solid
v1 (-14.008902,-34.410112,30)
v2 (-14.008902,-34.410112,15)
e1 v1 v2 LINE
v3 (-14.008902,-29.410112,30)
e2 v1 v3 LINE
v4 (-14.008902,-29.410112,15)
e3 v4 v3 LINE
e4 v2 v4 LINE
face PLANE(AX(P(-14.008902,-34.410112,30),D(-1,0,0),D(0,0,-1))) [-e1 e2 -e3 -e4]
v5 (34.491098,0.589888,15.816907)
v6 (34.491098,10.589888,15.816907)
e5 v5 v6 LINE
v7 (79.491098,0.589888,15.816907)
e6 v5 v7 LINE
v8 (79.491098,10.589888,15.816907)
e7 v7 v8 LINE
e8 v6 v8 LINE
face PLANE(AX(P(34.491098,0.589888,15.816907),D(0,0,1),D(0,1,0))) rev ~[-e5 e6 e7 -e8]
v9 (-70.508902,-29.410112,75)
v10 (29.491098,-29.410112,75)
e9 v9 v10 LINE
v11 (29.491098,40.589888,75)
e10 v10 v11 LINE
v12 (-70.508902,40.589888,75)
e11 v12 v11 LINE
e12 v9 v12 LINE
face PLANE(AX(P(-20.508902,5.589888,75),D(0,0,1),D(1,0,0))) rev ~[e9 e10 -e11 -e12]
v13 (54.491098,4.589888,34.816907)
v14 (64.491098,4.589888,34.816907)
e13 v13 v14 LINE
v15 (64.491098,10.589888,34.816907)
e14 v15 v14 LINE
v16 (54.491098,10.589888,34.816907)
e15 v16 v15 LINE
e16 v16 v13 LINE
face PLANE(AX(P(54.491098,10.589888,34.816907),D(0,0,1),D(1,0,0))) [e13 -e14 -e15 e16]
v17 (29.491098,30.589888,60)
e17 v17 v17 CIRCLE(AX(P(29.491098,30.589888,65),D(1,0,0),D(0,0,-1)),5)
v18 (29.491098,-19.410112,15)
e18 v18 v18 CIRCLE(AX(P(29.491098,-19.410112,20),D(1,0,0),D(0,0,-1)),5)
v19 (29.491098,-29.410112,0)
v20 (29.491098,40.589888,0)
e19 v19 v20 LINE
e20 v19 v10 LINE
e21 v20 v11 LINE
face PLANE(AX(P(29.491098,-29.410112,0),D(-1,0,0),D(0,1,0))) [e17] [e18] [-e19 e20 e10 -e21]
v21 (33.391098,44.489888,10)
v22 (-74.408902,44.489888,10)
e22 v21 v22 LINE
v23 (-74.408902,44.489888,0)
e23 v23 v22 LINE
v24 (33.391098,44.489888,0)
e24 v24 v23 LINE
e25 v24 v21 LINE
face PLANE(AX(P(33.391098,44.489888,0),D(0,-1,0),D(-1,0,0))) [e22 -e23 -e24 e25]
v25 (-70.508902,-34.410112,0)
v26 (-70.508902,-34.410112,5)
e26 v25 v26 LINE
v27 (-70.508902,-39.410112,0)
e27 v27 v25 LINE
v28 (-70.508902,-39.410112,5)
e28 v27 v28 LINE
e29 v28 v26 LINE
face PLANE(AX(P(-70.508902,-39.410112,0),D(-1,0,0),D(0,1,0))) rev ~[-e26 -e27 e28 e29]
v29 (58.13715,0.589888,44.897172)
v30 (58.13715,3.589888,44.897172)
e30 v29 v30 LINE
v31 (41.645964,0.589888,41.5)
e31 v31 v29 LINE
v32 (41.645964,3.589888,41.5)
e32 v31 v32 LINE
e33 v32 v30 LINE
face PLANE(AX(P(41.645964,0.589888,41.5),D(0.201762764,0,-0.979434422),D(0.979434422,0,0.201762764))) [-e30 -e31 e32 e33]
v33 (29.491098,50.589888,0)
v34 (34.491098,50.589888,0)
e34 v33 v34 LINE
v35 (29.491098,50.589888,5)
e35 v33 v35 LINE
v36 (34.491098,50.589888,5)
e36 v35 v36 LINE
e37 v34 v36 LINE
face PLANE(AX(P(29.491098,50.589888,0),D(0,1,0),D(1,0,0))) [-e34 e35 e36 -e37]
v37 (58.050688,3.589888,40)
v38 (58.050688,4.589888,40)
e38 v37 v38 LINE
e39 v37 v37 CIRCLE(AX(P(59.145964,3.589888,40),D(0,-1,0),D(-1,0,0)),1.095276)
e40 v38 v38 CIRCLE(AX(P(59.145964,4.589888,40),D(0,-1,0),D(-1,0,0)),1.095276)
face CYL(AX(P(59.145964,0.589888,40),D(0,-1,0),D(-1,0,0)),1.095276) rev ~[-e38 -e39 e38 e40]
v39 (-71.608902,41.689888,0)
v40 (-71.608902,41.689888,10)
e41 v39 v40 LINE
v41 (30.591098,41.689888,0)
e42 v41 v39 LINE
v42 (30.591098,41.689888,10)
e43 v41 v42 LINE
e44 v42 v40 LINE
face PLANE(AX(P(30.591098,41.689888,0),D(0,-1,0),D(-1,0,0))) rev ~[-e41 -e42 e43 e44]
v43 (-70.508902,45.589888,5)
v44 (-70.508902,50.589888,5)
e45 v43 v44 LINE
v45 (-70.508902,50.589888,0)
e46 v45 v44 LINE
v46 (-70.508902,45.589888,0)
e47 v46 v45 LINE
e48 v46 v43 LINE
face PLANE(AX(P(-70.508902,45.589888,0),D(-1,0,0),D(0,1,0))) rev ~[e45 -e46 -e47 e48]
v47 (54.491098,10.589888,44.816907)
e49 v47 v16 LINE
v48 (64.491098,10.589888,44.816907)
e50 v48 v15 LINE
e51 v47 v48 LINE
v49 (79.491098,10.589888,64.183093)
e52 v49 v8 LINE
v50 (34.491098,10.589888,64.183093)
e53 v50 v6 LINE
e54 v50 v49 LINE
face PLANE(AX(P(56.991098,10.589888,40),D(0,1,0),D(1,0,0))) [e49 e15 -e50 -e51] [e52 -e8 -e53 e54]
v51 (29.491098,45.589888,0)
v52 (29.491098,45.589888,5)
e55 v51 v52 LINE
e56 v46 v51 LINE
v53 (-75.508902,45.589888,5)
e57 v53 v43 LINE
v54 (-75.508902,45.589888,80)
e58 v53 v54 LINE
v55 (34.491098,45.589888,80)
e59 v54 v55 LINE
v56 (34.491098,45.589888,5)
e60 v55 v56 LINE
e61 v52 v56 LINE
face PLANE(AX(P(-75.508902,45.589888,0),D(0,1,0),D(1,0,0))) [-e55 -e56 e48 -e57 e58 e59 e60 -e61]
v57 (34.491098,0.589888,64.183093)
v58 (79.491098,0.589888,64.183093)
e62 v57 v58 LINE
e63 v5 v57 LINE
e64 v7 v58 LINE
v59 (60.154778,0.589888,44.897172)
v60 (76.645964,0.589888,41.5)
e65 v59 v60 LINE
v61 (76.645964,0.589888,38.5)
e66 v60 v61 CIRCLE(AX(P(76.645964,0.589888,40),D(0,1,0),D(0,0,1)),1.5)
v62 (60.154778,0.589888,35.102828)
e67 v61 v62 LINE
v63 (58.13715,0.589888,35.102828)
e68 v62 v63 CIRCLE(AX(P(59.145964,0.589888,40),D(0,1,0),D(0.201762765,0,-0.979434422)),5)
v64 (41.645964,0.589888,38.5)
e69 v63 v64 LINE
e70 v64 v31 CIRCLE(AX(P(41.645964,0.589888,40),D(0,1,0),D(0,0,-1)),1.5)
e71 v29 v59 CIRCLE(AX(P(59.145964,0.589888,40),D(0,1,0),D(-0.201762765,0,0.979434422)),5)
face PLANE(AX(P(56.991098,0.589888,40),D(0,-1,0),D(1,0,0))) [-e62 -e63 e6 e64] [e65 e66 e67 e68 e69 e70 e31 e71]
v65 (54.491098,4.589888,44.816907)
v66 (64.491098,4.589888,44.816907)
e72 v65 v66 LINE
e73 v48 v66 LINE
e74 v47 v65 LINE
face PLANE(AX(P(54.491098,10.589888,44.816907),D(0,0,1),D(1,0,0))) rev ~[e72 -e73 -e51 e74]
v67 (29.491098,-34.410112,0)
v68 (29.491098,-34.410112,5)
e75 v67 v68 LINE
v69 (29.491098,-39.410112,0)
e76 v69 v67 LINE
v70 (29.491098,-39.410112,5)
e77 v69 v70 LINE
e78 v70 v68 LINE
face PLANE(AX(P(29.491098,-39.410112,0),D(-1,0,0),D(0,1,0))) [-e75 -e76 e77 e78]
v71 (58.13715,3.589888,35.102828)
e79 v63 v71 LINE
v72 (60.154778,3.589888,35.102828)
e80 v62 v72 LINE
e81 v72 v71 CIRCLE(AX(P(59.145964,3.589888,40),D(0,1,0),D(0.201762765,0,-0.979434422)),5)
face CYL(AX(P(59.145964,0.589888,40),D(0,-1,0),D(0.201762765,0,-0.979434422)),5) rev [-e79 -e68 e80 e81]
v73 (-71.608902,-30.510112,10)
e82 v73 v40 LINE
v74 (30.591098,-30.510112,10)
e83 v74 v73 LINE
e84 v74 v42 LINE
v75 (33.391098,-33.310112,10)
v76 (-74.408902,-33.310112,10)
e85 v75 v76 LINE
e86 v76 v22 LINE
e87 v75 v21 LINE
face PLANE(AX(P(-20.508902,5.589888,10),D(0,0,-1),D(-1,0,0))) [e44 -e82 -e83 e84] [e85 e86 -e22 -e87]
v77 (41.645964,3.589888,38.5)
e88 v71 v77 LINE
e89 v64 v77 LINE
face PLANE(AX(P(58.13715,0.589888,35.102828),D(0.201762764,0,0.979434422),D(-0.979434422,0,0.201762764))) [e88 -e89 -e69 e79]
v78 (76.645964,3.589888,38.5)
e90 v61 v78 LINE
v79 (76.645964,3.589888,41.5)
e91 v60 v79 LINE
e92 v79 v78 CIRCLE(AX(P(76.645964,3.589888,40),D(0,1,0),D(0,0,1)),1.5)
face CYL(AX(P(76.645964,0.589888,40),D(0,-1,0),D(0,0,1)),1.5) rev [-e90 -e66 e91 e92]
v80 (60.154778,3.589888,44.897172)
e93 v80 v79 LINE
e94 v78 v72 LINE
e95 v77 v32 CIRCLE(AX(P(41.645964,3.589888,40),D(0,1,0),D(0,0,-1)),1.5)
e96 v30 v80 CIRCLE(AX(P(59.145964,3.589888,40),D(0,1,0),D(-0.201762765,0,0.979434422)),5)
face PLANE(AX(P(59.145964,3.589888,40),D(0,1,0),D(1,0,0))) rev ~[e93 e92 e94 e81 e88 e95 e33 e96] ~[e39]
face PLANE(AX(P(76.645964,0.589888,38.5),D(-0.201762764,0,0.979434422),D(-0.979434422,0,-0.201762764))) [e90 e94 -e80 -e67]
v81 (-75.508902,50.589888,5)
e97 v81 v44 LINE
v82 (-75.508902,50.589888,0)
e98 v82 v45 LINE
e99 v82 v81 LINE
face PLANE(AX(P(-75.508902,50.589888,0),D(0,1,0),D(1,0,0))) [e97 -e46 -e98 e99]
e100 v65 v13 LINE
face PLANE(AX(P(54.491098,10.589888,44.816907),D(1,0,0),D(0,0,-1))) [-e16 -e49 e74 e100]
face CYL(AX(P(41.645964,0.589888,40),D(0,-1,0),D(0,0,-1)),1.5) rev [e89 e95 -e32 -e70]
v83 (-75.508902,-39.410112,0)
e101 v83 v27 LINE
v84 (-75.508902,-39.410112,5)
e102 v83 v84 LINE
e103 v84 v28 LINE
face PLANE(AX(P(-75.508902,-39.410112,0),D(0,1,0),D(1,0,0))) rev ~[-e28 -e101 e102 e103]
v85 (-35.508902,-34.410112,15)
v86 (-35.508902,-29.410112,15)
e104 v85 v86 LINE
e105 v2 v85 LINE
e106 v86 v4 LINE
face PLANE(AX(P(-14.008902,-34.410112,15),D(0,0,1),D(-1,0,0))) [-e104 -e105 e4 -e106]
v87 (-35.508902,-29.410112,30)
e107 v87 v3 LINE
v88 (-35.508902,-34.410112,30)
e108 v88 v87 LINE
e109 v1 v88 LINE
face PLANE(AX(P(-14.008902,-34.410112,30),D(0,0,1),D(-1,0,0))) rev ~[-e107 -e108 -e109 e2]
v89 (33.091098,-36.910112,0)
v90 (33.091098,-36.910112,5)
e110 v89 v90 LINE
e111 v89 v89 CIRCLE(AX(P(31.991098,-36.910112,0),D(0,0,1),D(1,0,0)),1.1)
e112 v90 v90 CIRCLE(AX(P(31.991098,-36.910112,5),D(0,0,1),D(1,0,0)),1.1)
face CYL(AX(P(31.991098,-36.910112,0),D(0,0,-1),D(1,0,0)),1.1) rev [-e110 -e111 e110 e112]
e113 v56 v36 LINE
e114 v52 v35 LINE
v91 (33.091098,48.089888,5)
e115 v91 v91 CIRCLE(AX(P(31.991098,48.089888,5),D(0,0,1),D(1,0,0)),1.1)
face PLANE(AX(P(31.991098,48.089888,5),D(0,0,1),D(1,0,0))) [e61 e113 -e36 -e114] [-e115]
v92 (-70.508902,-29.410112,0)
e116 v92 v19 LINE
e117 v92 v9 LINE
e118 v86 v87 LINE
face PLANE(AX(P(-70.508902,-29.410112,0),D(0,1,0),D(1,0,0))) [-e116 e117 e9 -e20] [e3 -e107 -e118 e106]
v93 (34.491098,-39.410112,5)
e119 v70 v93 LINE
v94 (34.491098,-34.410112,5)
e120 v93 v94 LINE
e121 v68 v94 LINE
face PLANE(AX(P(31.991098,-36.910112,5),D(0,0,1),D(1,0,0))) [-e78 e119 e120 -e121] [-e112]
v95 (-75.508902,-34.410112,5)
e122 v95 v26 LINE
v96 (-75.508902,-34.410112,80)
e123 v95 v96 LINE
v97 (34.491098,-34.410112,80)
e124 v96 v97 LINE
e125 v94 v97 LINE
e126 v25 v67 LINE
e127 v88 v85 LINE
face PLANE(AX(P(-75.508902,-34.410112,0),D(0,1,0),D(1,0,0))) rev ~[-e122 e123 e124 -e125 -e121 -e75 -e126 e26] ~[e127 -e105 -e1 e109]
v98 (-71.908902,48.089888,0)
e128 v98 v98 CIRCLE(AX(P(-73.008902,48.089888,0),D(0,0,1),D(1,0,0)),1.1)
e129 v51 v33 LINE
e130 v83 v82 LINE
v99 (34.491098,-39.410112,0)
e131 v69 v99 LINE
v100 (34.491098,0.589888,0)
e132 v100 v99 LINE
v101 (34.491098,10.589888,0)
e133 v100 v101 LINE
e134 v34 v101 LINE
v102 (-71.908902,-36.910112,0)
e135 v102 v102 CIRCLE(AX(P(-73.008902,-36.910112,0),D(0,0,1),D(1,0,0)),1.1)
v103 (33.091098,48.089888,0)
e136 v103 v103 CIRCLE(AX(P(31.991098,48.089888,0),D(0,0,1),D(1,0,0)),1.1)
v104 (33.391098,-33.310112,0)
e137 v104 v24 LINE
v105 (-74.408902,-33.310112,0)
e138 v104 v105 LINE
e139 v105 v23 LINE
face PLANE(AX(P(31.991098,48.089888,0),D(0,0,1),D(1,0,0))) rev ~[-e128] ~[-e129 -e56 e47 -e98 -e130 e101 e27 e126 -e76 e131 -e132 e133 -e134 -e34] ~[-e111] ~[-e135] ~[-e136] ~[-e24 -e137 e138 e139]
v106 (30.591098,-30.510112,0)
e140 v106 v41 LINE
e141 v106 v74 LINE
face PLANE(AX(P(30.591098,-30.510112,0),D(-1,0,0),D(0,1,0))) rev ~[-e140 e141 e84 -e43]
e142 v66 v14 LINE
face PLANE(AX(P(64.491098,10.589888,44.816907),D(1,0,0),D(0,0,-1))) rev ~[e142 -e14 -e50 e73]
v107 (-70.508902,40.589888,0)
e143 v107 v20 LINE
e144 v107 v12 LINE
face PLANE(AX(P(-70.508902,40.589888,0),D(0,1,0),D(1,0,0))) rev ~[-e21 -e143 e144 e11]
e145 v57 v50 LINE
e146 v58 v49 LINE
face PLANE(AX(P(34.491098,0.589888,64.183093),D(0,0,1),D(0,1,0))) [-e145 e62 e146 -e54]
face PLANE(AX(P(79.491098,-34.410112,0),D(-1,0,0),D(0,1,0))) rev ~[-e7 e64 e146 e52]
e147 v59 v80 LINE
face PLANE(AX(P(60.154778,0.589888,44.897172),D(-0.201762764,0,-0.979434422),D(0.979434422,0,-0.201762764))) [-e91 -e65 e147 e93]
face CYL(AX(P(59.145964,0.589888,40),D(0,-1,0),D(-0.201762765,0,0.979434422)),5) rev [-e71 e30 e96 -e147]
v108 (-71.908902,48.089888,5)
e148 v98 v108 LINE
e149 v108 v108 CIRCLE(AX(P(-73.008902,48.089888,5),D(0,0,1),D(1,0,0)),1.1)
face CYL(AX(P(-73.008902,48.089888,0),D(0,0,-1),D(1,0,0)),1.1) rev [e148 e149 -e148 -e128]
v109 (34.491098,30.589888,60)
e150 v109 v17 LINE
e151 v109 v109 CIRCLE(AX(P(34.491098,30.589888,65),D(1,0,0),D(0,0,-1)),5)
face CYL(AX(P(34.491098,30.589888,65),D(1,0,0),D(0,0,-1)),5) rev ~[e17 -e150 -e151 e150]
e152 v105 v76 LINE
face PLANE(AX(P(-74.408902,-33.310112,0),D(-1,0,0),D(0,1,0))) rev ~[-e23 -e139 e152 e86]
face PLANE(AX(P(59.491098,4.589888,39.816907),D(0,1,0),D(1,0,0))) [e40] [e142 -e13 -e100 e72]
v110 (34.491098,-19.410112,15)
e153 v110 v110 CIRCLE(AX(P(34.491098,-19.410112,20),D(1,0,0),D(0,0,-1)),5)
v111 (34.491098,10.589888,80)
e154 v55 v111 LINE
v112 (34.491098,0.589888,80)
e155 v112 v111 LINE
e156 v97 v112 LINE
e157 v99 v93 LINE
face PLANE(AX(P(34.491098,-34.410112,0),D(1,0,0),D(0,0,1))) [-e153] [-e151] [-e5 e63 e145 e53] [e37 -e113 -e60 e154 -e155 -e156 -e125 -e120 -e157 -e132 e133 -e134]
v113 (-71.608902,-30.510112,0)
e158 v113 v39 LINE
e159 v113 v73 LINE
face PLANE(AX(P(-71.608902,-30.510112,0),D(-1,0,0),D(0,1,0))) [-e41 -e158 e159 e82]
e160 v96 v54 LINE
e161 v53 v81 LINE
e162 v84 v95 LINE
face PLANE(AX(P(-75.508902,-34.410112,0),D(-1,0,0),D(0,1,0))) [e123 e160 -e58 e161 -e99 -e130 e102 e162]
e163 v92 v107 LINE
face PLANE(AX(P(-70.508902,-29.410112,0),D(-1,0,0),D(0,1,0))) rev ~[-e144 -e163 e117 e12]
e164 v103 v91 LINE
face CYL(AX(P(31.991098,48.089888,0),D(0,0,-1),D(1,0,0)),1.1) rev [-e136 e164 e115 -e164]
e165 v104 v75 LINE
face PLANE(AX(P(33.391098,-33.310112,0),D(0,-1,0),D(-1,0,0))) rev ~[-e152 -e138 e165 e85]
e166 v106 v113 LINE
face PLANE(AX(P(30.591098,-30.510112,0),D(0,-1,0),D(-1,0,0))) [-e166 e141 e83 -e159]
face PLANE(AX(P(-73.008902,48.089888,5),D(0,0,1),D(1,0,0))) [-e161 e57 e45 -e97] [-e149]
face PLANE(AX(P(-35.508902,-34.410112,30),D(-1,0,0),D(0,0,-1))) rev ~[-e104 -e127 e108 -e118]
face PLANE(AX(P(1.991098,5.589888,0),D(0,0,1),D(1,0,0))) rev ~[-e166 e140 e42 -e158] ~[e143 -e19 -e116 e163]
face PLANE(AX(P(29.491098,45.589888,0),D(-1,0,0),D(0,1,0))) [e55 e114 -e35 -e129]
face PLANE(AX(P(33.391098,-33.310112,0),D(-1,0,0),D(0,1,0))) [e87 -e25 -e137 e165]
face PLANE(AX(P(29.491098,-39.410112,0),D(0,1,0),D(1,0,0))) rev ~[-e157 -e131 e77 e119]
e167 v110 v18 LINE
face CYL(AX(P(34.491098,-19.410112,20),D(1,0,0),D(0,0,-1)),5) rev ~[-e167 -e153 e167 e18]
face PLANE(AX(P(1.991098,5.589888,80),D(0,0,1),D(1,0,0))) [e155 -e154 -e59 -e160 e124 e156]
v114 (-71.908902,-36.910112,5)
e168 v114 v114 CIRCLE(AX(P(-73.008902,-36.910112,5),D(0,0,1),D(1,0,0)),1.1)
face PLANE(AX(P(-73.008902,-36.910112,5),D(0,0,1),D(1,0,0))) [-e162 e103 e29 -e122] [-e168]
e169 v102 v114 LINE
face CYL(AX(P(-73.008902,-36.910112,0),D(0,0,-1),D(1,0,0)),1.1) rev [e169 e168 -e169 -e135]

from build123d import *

# Parameters (mm, degrees)
SKETCH_1_W           = 155
SKETCH_1_H           = 80
EXTRUDE_1_DEPTH      = 80
SKETCH_6_W           = 45
SKETCH_6_H           = 80
CUT_EXTRUDE_1_DEPTH  = 35
SKETCH_5_W           = 45
SKETCH_5_H           = 80
CUT_EXTRUDE_2_DEPTH  = 35
SKETCH_7_W           = 100
SKETCH_7_H           = 70
CUT_EXTRUDE_3_DEPTH  = 75
SKETCH_8_W           = 107.8
SKETCH_8_H           = 77.8
SKETCH_8_W_2         = 102.2
SKETCH_8_H_2         = 72.2
CUT_EXTRUDE_4_DEPTH  = 10
SKETCH_9_R           = 5
CUT_EXTRUDE_5_DEPTH  = 10
SKETCH_10_W          = 21.5
SKETCH_10_H          = 15
CUT_EXTRUDE_6_DEPTH  = 10
SKETCH_12_W          = 15.816906699
SKETCH_12_H          = 10
CUT_EXTRUDE_7_DEPTH  = 45
CUT_EXTRUDE_8_DEPTH  = 3
SKETCH_15_W          = 10
SKETCH_15_H          = 10
CUT_EXTRUDE_9_DEPTH  = 6
SKETCH_17_R          = 1.095275866
CUT_EXTRUDE_11_DEPTH = 7
SKETCH_18_W          = 5
SKETCH_18_H          = 5
SKETCH_18_R          = 1.1
EXTRUDE_2_DEPTH      = 5


with BuildPart() as part:
    # 草圖1 → 填料-伸長1 (new body)
    with BuildSketch(Plane.XY):
        with Locations((1.991097826, 5.58988764)):
            Rectangle(SKETCH_1_W, SKETCH_1_H)
    extrude(amount=EXTRUDE_1_DEPTH)

    # 草圖6 → 除料-伸長1 (cut)
    with BuildSketch(Plane(origin=(0, 45.58988764, 0), x_dir=(1, 0, 0), z_dir=(0, 1, 0))):
        with Locations((56.991097826, -40)):
            Rectangle(SKETCH_6_W, SKETCH_6_H)
    extrude(amount=-CUT_EXTRUDE_1_DEPTH, mode=Mode.SUBTRACT)

    # 草圖5 → 除料-伸長2 (cut)
    with BuildSketch(Plane.XZ.offset(34.41011236)):
        with Locations((56.991097826, 40)):
            Rectangle(SKETCH_5_W, SKETCH_5_H)
    extrude(amount=-CUT_EXTRUDE_2_DEPTH, mode=Mode.SUBTRACT)

    # 草圖7 → 除料-伸長3 (cut)
    with BuildSketch(Plane.XY):
        with Locations((-20.508902174, 5.58988764)):
            Rectangle(SKETCH_7_W, SKETCH_7_H)
    extrude(amount=CUT_EXTRUDE_3_DEPTH, mode=Mode.SUBTRACT)

    # 草圖8 → 除料-伸長4 (cut)
    with BuildSketch(Plane(origin=(0, 0, 0), x_dir=(-1, 0, 0), z_dir=(0, 0, -1))):
        with Locations((20.508902174, 5.58988764)):
            Rectangle(SKETCH_8_W, SKETCH_8_H)
        with Locations((20.508902174, 5.58988764)):
            Rectangle(SKETCH_8_W_2, SKETCH_8_H_2, mode=Mode.SUBTRACT)
    extrude(amount=-CUT_EXTRUDE_4_DEPTH, mode=Mode.SUBTRACT)

    # 草圖9 → 除料-伸長5 (cut)
    with BuildSketch(Plane(origin=(34.491097826, 0, 0), x_dir=(0, 0, -1), z_dir=(1, 0, 0))):
        with Locations((-65, 30.58988764)):
            Circle(SKETCH_9_R)
        with Locations((-20, -19.41011236)):
            Circle(SKETCH_9_R)
    extrude(amount=-CUT_EXTRUDE_5_DEPTH, mode=Mode.SUBTRACT)

    # 草圖10 → 除料-伸長6 (cut)
    with BuildSketch(Plane(origin=(0, -34.41011236, 0), x_dir=(-1, 0, 0), z_dir=(0, -1, 0))):
        with Locations((24.758902174, -22.5)):
            Rectangle(SKETCH_10_W, SKETCH_10_H)
    extrude(amount=-CUT_EXTRUDE_6_DEPTH, mode=Mode.SUBTRACT)

    # 草圖12 → 除料-伸長7 (cut)
    with BuildSketch(Plane(origin=(34.491097826, 0, 0), x_dir=(0, 0, -1), z_dir=(1, 0, 0))):
        with Locations((-72.09154665, 5.58988764)):
            Rectangle(SKETCH_12_W, SKETCH_12_H)
        with Locations((-7.90845335, 5.58988764)):
            Rectangle(SKETCH_12_W, SKETCH_12_H)
    extrude(amount=CUT_EXTRUDE_7_DEPTH, mode=Mode.SUBTRACT)

    # 草圖14 → 除料-伸長8 (cut)
    with BuildSketch(Plane(origin=(0, 0.58988764, 0), x_dir=(-1, 0, 0), z_dir=(0, -1, 0))):
        with BuildLine():
            Line((-58.137150435, -35.10282789), (-41.645964254, -38.5))
            ThreePointArc((-41.645964254, -38.5), (-40.145964254, -40), (-41.645964254, -41.5))
            Line((-41.645964254, -41.5), (-58.137150435, -44.89717211))
            ThreePointArc((-58.137150435, -44.89717211), (-59.145964254, -45), (-60.154778073, -44.89717211))
            Line((-60.154778073, -44.89717211), (-76.645964254, -41.5))
            ThreePointArc((-76.645964254, -41.5), (-78.145964254, -40), (-76.645964254, -38.5))
            Line((-76.645964254, -38.5), (-60.154778073, -35.10282789))
            ThreePointArc((-60.154778073, -35.10282789), (-59.145964254, -35), (-58.137150435, -35.10282789))
        make_face()
    extrude(amount=-CUT_EXTRUDE_8_DEPTH, mode=Mode.SUBTRACT)

    # 草圖15 → 除料-伸長9 (cut)
    with BuildSketch(Plane(origin=(0, 10.58988764, 0), x_dir=(1, 0, 0), z_dir=(0, 1, 0))):
        with Locations((59.491097826, -39.816906699)):
            Rectangle(SKETCH_15_W, SKETCH_15_H)
    extrude(amount=-CUT_EXTRUDE_9_DEPTH, mode=Mode.SUBTRACT)

    # 草圖17 → 除料-伸長11 (cut)
    with BuildSketch(Plane(origin=(0, 0.58988764, 0), x_dir=(-1, 0, 0), z_dir=(0, -1, 0))):
        with Locations((-59.145964254, -40)):
            Circle(SKETCH_17_R)
    extrude(amount=-CUT_EXTRUDE_11_DEPTH, mode=Mode.SUBTRACT)

    # 草圖18 → 填料-伸長2 (add)
    with BuildSketch(Plane.XY):
        with Locations((31.991097826, 48.08988764)):
            Rectangle(SKETCH_18_W, SKETCH_18_H)
        with Locations((31.991097826, 48.08988764)):
            Circle(SKETCH_18_R, mode=Mode.SUBTRACT)
        with Locations((-73.008902174, 48.08988764)):
            Rectangle(SKETCH_18_W, SKETCH_18_H)
        with Locations((-73.008902174, 48.08988764)):
            Circle(SKETCH_18_R, mode=Mode.SUBTRACT)
        with Locations((-73.008902174, -36.91011236)):
            Rectangle(SKETCH_18_W, SKETCH_18_H)
        with Locations((-73.008902174, -36.91011236)):
            Circle(SKETCH_18_R, mode=Mode.SUBTRACT)
        with Locations((31.991097826, -36.91011236)):
            Rectangle(SKETCH_18_W, SKETCH_18_H)
        with Locations((31.991097826, -36.91011236)):
            Circle(SKETCH_18_R, mode=Mode.SUBTRACT)
    extrude(amount=EXTRUDE_2_DEPTH)


solid = part.part
